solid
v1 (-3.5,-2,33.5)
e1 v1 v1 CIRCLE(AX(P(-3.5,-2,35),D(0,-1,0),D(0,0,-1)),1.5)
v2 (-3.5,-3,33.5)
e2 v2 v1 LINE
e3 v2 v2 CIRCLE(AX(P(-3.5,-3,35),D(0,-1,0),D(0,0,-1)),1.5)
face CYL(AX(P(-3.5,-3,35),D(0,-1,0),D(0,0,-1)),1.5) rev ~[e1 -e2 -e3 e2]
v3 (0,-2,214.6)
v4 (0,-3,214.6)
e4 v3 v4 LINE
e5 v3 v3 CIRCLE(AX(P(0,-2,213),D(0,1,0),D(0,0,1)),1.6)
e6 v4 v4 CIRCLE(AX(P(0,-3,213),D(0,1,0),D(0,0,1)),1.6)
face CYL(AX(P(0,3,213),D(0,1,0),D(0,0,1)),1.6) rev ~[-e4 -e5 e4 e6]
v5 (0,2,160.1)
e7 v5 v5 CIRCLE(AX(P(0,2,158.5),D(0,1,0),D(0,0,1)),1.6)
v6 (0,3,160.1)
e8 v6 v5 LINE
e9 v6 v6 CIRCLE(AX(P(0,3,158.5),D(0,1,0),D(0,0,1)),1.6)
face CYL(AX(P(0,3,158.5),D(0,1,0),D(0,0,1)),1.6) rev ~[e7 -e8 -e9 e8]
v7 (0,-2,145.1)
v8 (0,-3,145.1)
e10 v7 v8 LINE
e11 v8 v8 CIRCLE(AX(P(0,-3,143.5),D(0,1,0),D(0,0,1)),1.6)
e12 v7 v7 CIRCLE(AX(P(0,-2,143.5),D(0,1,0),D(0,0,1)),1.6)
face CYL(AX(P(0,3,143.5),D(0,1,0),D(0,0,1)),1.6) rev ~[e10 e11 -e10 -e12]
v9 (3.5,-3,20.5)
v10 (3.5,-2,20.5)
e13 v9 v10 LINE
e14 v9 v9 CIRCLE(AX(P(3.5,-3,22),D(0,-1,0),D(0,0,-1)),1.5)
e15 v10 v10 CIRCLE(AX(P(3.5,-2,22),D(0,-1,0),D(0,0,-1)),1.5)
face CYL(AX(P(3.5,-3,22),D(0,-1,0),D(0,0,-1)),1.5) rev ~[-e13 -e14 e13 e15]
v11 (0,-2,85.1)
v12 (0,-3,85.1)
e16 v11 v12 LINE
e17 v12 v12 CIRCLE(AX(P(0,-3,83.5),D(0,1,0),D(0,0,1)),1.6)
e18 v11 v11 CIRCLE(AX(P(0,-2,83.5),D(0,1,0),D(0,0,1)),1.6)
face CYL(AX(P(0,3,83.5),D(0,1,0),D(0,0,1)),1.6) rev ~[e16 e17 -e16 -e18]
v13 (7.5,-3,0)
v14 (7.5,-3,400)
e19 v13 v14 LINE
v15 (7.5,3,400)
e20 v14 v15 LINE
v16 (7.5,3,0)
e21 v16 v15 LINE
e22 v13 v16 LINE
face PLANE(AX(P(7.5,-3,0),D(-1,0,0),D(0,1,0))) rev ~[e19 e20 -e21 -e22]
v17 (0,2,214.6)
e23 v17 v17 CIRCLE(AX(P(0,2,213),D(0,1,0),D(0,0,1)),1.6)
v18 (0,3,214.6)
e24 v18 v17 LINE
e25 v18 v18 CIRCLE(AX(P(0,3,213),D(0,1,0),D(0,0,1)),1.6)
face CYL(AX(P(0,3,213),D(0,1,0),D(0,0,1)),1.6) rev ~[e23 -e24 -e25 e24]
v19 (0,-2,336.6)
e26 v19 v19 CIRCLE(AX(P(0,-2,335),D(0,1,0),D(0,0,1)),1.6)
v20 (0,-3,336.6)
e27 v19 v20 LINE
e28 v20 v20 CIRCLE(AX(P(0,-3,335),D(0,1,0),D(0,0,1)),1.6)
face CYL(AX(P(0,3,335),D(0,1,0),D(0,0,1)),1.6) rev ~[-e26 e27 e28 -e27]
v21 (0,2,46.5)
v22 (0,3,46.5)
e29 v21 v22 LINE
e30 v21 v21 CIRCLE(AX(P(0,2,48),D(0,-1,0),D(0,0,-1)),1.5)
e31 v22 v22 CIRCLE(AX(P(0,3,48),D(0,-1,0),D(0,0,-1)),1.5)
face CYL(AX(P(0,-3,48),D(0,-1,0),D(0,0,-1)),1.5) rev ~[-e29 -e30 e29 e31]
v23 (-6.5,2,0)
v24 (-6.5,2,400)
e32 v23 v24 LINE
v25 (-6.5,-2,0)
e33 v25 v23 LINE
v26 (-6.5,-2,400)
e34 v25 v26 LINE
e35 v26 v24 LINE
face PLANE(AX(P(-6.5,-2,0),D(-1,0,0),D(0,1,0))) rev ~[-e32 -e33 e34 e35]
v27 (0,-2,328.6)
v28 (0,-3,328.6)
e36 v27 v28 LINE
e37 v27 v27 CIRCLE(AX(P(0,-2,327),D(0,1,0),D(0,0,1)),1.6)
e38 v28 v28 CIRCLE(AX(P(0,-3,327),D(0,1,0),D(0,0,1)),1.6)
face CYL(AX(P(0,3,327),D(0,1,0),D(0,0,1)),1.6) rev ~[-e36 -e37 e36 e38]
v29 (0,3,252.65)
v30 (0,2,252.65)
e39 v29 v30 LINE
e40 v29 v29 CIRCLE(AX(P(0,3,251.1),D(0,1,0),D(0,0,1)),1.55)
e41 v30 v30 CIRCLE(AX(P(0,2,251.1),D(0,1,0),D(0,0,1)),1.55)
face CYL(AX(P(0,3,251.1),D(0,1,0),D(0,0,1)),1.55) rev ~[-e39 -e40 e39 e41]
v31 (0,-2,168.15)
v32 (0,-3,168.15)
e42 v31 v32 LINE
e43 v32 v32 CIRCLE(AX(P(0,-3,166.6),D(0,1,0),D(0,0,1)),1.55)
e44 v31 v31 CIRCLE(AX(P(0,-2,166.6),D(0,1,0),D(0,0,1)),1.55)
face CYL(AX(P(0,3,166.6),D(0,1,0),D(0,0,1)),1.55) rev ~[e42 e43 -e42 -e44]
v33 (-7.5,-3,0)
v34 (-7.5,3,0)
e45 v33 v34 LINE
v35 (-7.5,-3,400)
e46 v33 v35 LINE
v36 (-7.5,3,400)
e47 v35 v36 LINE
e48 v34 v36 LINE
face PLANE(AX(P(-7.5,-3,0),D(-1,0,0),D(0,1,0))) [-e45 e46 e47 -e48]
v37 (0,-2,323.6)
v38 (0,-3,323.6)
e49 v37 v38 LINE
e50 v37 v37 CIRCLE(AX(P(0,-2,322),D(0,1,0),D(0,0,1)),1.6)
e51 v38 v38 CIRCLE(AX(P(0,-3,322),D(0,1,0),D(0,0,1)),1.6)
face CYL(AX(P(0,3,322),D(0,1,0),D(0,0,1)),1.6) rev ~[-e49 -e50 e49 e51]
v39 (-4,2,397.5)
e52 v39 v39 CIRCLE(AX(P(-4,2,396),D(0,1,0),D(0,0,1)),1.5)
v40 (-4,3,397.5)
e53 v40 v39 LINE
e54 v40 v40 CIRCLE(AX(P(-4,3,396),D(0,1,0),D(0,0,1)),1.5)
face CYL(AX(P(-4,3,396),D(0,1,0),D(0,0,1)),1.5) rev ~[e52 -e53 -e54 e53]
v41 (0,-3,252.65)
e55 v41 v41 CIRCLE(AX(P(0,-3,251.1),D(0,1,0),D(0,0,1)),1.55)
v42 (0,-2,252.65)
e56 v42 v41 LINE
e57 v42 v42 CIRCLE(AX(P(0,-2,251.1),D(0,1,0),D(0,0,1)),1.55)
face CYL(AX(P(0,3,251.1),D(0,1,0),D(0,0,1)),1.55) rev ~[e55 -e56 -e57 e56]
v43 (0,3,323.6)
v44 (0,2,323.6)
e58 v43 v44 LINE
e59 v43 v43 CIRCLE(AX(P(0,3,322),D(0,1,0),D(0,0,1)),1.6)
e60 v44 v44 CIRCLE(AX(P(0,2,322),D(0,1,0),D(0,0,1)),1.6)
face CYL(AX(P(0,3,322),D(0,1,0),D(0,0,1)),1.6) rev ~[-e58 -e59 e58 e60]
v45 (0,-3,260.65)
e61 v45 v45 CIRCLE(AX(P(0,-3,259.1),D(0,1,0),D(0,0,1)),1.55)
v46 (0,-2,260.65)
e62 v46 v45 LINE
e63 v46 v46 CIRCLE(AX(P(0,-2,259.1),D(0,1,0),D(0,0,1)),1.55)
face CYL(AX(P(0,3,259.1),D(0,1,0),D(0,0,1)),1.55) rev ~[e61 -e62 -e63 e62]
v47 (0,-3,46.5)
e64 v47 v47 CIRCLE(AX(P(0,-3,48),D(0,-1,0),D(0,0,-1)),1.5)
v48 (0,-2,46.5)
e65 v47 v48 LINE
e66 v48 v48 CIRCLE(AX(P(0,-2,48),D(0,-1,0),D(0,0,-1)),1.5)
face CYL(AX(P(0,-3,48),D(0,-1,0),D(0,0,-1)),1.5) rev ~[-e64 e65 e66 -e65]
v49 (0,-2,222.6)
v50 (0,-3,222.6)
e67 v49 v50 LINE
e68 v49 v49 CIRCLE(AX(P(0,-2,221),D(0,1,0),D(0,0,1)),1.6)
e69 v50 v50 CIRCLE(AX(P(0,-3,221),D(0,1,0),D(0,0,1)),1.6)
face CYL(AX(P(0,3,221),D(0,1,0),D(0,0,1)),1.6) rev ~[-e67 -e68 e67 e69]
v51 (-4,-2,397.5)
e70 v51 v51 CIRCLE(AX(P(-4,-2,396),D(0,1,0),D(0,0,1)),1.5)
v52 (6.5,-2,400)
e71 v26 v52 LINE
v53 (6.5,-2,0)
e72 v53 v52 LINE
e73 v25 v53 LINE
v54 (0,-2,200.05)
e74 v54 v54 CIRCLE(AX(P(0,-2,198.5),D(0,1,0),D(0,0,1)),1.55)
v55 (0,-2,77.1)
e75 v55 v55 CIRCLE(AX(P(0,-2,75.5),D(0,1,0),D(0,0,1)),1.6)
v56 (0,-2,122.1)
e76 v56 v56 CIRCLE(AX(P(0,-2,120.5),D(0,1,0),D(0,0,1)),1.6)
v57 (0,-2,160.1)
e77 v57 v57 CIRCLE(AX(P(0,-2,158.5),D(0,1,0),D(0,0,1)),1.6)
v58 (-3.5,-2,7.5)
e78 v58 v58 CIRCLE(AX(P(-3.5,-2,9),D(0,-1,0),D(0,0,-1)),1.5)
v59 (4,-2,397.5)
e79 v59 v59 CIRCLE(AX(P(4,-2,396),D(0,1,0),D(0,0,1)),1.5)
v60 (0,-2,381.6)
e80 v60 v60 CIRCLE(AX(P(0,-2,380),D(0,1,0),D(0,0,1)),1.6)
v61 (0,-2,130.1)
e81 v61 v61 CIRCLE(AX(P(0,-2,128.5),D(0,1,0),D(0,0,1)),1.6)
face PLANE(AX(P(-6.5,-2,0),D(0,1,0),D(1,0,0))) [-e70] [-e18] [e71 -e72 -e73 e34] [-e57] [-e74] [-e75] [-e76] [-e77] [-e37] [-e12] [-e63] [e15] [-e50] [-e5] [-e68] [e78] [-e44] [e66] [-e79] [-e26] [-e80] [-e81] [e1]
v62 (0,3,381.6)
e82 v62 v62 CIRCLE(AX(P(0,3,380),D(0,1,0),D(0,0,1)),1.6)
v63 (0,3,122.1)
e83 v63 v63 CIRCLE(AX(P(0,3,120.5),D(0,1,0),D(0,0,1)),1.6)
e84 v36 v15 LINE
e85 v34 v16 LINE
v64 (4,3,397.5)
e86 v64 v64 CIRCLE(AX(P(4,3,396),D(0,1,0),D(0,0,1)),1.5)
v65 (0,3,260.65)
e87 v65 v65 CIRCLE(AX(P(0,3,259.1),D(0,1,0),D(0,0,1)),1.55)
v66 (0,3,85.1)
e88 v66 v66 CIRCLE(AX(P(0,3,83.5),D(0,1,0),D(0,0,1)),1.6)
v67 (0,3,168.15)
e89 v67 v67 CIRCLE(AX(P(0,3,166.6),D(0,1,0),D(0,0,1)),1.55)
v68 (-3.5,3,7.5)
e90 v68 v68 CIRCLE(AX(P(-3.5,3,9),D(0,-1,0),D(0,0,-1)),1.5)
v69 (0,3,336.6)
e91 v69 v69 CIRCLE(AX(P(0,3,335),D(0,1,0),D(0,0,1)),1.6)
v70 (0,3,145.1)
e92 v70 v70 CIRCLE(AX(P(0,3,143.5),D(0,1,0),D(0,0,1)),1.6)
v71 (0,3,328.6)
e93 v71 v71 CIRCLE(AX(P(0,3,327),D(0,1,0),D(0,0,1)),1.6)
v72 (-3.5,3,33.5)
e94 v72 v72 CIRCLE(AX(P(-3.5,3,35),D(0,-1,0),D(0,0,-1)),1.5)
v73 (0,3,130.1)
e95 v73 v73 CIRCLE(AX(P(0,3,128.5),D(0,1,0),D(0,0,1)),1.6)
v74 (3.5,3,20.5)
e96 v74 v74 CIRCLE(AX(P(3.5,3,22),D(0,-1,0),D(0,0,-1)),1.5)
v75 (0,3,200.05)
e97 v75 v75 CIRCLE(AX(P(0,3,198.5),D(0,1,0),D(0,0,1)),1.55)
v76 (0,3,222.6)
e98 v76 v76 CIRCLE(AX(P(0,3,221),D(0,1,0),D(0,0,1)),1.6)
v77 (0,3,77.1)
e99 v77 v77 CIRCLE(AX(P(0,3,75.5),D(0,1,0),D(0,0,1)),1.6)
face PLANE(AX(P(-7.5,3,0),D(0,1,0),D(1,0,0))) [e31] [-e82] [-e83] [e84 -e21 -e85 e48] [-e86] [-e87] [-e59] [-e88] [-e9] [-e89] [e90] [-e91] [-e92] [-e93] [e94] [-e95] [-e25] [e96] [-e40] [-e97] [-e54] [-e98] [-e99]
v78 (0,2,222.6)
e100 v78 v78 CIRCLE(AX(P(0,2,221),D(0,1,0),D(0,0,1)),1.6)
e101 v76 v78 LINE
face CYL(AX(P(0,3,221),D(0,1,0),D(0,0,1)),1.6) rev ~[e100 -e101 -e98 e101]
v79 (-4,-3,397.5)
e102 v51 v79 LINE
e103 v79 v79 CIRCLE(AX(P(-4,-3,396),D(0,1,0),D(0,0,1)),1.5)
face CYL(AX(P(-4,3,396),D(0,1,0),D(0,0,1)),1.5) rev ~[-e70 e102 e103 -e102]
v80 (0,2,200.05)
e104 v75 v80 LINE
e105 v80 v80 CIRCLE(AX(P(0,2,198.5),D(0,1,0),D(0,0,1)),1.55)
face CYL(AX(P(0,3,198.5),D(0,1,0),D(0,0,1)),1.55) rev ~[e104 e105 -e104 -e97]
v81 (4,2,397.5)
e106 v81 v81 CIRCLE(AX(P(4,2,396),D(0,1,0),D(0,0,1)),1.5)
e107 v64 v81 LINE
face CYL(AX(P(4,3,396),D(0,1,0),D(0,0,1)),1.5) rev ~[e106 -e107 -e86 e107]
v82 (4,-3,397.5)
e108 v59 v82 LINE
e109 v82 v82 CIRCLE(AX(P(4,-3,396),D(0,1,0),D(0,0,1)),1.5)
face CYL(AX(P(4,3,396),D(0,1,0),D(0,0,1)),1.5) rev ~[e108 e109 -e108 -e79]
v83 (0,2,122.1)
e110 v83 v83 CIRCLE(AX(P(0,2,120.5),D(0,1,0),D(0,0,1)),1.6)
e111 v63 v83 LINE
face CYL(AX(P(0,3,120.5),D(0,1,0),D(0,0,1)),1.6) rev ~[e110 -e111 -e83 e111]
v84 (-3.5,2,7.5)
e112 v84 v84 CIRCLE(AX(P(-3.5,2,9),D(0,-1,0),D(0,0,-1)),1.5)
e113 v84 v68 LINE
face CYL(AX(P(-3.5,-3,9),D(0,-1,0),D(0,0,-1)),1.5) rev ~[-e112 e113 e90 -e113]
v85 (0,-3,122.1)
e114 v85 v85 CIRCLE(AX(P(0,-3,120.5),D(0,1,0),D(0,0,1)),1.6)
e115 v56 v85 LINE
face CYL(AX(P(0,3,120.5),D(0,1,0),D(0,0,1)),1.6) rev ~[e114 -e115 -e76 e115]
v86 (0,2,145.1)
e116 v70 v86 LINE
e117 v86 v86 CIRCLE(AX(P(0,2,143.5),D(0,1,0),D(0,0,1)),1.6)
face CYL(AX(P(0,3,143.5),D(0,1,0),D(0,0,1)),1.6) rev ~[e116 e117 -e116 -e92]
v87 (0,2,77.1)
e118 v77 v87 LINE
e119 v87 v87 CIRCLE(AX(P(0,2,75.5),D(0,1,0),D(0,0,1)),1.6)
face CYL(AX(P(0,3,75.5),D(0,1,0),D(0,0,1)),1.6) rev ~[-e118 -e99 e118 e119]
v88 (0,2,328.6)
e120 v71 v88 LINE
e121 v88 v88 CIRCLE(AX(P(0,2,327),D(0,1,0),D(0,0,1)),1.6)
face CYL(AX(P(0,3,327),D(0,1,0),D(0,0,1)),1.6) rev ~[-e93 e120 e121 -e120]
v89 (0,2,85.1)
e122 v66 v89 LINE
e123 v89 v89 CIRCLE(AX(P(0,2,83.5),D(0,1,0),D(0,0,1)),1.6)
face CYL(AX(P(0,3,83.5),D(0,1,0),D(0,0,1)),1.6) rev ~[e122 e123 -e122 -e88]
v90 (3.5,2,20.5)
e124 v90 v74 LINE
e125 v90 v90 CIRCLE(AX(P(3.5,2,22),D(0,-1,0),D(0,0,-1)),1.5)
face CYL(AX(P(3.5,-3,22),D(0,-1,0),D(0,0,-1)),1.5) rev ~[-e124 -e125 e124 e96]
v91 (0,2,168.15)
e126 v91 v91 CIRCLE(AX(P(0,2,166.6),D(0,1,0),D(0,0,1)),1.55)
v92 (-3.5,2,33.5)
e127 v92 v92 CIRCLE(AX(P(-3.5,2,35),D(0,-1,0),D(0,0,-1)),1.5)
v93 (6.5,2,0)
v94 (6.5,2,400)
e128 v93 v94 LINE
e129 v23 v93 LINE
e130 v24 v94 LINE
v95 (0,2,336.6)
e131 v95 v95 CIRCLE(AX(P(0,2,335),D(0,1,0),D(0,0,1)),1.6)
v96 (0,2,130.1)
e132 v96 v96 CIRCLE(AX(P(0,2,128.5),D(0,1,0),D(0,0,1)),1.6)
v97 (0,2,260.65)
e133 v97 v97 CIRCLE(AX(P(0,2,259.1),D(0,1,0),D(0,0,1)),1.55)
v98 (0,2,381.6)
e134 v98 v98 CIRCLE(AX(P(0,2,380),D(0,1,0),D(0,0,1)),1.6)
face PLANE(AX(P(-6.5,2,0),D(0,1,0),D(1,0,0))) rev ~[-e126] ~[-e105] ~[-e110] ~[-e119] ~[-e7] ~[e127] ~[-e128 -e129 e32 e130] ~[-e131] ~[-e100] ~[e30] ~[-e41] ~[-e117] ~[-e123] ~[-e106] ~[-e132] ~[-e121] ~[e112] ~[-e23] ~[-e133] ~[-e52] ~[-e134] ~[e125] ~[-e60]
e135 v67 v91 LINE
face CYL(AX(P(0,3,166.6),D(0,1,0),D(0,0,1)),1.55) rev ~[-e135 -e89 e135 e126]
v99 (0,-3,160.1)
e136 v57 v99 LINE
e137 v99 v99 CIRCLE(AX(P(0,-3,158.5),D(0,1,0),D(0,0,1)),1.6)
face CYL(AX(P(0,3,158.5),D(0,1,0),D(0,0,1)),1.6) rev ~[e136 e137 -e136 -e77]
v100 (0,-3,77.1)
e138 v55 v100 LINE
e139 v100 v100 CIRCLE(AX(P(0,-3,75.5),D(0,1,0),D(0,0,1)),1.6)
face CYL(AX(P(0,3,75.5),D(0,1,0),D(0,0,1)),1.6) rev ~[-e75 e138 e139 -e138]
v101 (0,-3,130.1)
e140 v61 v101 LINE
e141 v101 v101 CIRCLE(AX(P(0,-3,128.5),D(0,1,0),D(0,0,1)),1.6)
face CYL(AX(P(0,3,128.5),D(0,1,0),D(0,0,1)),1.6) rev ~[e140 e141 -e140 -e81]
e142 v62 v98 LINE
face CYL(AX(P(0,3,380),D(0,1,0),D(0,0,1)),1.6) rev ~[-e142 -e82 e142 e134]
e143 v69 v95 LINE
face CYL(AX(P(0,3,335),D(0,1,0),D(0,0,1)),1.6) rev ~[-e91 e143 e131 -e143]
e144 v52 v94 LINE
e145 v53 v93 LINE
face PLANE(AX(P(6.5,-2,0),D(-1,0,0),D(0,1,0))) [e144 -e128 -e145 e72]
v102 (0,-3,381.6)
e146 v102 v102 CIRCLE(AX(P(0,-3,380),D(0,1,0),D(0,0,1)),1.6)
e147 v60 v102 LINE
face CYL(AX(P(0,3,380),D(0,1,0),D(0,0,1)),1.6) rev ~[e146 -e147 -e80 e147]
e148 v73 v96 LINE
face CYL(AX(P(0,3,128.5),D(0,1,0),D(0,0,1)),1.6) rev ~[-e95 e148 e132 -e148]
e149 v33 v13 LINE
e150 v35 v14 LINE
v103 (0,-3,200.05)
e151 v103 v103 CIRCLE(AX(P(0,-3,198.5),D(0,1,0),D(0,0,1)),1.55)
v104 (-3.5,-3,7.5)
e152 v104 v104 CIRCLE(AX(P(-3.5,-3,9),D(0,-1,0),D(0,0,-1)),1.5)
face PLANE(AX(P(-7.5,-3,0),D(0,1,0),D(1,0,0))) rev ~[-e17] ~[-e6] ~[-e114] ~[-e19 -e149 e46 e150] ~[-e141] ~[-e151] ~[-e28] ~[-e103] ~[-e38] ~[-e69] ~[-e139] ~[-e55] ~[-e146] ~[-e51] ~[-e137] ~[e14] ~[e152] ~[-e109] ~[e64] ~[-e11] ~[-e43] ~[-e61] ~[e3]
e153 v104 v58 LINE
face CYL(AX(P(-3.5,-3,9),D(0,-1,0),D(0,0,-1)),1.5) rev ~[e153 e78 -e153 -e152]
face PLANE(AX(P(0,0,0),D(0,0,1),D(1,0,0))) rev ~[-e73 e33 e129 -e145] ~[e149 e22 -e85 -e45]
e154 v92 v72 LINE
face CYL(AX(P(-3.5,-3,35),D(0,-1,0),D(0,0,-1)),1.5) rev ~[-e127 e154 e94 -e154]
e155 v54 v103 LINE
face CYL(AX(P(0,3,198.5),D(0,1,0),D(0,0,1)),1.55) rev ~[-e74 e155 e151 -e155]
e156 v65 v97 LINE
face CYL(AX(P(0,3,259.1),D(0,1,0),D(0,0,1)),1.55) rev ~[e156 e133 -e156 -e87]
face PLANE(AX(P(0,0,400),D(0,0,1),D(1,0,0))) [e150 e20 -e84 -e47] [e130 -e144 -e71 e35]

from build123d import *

# Parameters (mm, degrees)
SKETCH_1_W          = 15
SKETCH_1_H          = 6
SKETCH_1_W_2        = 13
SKETCH_1_H_2        = 4
EXTRUDE_1_DEPTH     = 400
SKETCH_2_R          = 1.5
CUT_EXTRUDE_1_DEPTH = 10
SKETCH_3_R          = 1.6
SKETCH_3_R_2        = 1.55
CUT_EXTRUDE_2_DEPTH = 10
SKETCH_4_R          = 1.55
SKETCH_4_R_2        = 1.5
CUT_EXTRUDE_3_DEPTH = 401.115295884


with BuildPart() as part:
    # 草图1 → 凸台-拉伸1 (new body)
    with BuildSketch(Plane.XY):
        Rectangle(SKETCH_1_W, SKETCH_1_H)
        Rectangle(SKETCH_1_W_2, SKETCH_1_H_2, mode=Mode.SUBTRACT)
    extrude(amount=EXTRUDE_1_DEPTH)

    # 草图2 → 切除-拉伸1 (cut)
    with BuildSketch(Plane.XZ.offset(3)):
        with Locations(Location((-3.5, 35, 0), (0, 0, 270))):
            Circle(SKETCH_2_R)
        with Locations(Location((-3.5, 9, 0), (0, 0, 270))):
            Circle(SKETCH_2_R)
        with Locations(Location((3.5, 22, 0), (0, 0, 270))):
            Circle(SKETCH_2_R)
        with Locations(Location((0, 48, 0), (0, 0, 270))):
            Circle(SKETCH_2_R)
    extrude(amount=-CUT_EXTRUDE_1_DEPTH, mode=Mode.SUBTRACT)

    # 草图3 → 切除-拉伸2 (cut)
    with BuildSketch(Plane(origin=(0, 3, 0), x_dir=(1, 0, 0), z_dir=(0, 1, 0))):
        with Locations(Location((0, -322, 0), (0, 0, 270))):
            Circle(SKETCH_3_R)
        with Locations(Location((0, -327, 0), (0, 0, 270))):
            Circle(SKETCH_3_R)
        with Locations(Location((0, -335, 0), (0, 0, 270))):
            Circle(SKETCH_3_R)
        with Locations(Location((0, -380, 0), (0, 0, 270))):
            Circle(SKETCH_3_R)
        with Locations(Location((0, -213, 0), (0, 0, 270))):
            Circle(SKETCH_3_R)
        with Locations(Location((0, -221, 0), (0, 0, 270))):
            Circle(SKETCH_3_R)
        with Locations(Location((0, -198.5, 0), (0, 0, 270))):
            Circle(SKETCH_3_R_2)
        with Locations(Location((0, -158.5, 0), (0, 0, 270))):
            Circle(SKETCH_3_R)
        with Locations(Location((0, -143.5, 0), (0, 0, 270))):
            Circle(SKETCH_3_R)
        with Locations(Location((0, -128.5, 0), (0, 0, 270))):
            Circle(SKETCH_3_R)
        with Locations(Location((0, -120.5, 0), (0, 0, 270))):
            Circle(SKETCH_3_R)
        with Locations(Location((0, -75.5, 0), (0, 0, 270))):
            Circle(SKETCH_3_R)
        with Locations(Location((0, -83.5, 0), (0, 0, 270))):
            Circle(SKETCH_3_R)
    extrude(amount=-CUT_EXTRUDE_2_DEPTH, mode=Mode.SUBTRACT)

    # 草图4 → 切除-拉伸3 (cut, through all)
    with BuildSketch(Plane(origin=(0, 3, 0), x_dir=(1, 0, 0), z_dir=(0, 1, 0))):
        with Locations(Location((0, -251.1, 0), (0, 0, 270))):
            Circle(SKETCH_4_R)
        with Locations(Location((0, -259.1, 0), (0, 0, 270))):
            Circle(SKETCH_4_R)
        with Locations(Location((0, -166.6, 0), (0, 0, 270))):
            Circle(SKETCH_4_R)
        with Locations(Location((-4, -396, 0), (0, 0, 270))):
            Circle(SKETCH_4_R_2)
        with Locations(Location((4, -396, 0), (0, 0, 270))):
            Circle(SKETCH_4_R_2)
    extrude(amount=-CUT_EXTRUDE_3_DEPTH, mode=Mode.SUBTRACT)


solid = part.part
